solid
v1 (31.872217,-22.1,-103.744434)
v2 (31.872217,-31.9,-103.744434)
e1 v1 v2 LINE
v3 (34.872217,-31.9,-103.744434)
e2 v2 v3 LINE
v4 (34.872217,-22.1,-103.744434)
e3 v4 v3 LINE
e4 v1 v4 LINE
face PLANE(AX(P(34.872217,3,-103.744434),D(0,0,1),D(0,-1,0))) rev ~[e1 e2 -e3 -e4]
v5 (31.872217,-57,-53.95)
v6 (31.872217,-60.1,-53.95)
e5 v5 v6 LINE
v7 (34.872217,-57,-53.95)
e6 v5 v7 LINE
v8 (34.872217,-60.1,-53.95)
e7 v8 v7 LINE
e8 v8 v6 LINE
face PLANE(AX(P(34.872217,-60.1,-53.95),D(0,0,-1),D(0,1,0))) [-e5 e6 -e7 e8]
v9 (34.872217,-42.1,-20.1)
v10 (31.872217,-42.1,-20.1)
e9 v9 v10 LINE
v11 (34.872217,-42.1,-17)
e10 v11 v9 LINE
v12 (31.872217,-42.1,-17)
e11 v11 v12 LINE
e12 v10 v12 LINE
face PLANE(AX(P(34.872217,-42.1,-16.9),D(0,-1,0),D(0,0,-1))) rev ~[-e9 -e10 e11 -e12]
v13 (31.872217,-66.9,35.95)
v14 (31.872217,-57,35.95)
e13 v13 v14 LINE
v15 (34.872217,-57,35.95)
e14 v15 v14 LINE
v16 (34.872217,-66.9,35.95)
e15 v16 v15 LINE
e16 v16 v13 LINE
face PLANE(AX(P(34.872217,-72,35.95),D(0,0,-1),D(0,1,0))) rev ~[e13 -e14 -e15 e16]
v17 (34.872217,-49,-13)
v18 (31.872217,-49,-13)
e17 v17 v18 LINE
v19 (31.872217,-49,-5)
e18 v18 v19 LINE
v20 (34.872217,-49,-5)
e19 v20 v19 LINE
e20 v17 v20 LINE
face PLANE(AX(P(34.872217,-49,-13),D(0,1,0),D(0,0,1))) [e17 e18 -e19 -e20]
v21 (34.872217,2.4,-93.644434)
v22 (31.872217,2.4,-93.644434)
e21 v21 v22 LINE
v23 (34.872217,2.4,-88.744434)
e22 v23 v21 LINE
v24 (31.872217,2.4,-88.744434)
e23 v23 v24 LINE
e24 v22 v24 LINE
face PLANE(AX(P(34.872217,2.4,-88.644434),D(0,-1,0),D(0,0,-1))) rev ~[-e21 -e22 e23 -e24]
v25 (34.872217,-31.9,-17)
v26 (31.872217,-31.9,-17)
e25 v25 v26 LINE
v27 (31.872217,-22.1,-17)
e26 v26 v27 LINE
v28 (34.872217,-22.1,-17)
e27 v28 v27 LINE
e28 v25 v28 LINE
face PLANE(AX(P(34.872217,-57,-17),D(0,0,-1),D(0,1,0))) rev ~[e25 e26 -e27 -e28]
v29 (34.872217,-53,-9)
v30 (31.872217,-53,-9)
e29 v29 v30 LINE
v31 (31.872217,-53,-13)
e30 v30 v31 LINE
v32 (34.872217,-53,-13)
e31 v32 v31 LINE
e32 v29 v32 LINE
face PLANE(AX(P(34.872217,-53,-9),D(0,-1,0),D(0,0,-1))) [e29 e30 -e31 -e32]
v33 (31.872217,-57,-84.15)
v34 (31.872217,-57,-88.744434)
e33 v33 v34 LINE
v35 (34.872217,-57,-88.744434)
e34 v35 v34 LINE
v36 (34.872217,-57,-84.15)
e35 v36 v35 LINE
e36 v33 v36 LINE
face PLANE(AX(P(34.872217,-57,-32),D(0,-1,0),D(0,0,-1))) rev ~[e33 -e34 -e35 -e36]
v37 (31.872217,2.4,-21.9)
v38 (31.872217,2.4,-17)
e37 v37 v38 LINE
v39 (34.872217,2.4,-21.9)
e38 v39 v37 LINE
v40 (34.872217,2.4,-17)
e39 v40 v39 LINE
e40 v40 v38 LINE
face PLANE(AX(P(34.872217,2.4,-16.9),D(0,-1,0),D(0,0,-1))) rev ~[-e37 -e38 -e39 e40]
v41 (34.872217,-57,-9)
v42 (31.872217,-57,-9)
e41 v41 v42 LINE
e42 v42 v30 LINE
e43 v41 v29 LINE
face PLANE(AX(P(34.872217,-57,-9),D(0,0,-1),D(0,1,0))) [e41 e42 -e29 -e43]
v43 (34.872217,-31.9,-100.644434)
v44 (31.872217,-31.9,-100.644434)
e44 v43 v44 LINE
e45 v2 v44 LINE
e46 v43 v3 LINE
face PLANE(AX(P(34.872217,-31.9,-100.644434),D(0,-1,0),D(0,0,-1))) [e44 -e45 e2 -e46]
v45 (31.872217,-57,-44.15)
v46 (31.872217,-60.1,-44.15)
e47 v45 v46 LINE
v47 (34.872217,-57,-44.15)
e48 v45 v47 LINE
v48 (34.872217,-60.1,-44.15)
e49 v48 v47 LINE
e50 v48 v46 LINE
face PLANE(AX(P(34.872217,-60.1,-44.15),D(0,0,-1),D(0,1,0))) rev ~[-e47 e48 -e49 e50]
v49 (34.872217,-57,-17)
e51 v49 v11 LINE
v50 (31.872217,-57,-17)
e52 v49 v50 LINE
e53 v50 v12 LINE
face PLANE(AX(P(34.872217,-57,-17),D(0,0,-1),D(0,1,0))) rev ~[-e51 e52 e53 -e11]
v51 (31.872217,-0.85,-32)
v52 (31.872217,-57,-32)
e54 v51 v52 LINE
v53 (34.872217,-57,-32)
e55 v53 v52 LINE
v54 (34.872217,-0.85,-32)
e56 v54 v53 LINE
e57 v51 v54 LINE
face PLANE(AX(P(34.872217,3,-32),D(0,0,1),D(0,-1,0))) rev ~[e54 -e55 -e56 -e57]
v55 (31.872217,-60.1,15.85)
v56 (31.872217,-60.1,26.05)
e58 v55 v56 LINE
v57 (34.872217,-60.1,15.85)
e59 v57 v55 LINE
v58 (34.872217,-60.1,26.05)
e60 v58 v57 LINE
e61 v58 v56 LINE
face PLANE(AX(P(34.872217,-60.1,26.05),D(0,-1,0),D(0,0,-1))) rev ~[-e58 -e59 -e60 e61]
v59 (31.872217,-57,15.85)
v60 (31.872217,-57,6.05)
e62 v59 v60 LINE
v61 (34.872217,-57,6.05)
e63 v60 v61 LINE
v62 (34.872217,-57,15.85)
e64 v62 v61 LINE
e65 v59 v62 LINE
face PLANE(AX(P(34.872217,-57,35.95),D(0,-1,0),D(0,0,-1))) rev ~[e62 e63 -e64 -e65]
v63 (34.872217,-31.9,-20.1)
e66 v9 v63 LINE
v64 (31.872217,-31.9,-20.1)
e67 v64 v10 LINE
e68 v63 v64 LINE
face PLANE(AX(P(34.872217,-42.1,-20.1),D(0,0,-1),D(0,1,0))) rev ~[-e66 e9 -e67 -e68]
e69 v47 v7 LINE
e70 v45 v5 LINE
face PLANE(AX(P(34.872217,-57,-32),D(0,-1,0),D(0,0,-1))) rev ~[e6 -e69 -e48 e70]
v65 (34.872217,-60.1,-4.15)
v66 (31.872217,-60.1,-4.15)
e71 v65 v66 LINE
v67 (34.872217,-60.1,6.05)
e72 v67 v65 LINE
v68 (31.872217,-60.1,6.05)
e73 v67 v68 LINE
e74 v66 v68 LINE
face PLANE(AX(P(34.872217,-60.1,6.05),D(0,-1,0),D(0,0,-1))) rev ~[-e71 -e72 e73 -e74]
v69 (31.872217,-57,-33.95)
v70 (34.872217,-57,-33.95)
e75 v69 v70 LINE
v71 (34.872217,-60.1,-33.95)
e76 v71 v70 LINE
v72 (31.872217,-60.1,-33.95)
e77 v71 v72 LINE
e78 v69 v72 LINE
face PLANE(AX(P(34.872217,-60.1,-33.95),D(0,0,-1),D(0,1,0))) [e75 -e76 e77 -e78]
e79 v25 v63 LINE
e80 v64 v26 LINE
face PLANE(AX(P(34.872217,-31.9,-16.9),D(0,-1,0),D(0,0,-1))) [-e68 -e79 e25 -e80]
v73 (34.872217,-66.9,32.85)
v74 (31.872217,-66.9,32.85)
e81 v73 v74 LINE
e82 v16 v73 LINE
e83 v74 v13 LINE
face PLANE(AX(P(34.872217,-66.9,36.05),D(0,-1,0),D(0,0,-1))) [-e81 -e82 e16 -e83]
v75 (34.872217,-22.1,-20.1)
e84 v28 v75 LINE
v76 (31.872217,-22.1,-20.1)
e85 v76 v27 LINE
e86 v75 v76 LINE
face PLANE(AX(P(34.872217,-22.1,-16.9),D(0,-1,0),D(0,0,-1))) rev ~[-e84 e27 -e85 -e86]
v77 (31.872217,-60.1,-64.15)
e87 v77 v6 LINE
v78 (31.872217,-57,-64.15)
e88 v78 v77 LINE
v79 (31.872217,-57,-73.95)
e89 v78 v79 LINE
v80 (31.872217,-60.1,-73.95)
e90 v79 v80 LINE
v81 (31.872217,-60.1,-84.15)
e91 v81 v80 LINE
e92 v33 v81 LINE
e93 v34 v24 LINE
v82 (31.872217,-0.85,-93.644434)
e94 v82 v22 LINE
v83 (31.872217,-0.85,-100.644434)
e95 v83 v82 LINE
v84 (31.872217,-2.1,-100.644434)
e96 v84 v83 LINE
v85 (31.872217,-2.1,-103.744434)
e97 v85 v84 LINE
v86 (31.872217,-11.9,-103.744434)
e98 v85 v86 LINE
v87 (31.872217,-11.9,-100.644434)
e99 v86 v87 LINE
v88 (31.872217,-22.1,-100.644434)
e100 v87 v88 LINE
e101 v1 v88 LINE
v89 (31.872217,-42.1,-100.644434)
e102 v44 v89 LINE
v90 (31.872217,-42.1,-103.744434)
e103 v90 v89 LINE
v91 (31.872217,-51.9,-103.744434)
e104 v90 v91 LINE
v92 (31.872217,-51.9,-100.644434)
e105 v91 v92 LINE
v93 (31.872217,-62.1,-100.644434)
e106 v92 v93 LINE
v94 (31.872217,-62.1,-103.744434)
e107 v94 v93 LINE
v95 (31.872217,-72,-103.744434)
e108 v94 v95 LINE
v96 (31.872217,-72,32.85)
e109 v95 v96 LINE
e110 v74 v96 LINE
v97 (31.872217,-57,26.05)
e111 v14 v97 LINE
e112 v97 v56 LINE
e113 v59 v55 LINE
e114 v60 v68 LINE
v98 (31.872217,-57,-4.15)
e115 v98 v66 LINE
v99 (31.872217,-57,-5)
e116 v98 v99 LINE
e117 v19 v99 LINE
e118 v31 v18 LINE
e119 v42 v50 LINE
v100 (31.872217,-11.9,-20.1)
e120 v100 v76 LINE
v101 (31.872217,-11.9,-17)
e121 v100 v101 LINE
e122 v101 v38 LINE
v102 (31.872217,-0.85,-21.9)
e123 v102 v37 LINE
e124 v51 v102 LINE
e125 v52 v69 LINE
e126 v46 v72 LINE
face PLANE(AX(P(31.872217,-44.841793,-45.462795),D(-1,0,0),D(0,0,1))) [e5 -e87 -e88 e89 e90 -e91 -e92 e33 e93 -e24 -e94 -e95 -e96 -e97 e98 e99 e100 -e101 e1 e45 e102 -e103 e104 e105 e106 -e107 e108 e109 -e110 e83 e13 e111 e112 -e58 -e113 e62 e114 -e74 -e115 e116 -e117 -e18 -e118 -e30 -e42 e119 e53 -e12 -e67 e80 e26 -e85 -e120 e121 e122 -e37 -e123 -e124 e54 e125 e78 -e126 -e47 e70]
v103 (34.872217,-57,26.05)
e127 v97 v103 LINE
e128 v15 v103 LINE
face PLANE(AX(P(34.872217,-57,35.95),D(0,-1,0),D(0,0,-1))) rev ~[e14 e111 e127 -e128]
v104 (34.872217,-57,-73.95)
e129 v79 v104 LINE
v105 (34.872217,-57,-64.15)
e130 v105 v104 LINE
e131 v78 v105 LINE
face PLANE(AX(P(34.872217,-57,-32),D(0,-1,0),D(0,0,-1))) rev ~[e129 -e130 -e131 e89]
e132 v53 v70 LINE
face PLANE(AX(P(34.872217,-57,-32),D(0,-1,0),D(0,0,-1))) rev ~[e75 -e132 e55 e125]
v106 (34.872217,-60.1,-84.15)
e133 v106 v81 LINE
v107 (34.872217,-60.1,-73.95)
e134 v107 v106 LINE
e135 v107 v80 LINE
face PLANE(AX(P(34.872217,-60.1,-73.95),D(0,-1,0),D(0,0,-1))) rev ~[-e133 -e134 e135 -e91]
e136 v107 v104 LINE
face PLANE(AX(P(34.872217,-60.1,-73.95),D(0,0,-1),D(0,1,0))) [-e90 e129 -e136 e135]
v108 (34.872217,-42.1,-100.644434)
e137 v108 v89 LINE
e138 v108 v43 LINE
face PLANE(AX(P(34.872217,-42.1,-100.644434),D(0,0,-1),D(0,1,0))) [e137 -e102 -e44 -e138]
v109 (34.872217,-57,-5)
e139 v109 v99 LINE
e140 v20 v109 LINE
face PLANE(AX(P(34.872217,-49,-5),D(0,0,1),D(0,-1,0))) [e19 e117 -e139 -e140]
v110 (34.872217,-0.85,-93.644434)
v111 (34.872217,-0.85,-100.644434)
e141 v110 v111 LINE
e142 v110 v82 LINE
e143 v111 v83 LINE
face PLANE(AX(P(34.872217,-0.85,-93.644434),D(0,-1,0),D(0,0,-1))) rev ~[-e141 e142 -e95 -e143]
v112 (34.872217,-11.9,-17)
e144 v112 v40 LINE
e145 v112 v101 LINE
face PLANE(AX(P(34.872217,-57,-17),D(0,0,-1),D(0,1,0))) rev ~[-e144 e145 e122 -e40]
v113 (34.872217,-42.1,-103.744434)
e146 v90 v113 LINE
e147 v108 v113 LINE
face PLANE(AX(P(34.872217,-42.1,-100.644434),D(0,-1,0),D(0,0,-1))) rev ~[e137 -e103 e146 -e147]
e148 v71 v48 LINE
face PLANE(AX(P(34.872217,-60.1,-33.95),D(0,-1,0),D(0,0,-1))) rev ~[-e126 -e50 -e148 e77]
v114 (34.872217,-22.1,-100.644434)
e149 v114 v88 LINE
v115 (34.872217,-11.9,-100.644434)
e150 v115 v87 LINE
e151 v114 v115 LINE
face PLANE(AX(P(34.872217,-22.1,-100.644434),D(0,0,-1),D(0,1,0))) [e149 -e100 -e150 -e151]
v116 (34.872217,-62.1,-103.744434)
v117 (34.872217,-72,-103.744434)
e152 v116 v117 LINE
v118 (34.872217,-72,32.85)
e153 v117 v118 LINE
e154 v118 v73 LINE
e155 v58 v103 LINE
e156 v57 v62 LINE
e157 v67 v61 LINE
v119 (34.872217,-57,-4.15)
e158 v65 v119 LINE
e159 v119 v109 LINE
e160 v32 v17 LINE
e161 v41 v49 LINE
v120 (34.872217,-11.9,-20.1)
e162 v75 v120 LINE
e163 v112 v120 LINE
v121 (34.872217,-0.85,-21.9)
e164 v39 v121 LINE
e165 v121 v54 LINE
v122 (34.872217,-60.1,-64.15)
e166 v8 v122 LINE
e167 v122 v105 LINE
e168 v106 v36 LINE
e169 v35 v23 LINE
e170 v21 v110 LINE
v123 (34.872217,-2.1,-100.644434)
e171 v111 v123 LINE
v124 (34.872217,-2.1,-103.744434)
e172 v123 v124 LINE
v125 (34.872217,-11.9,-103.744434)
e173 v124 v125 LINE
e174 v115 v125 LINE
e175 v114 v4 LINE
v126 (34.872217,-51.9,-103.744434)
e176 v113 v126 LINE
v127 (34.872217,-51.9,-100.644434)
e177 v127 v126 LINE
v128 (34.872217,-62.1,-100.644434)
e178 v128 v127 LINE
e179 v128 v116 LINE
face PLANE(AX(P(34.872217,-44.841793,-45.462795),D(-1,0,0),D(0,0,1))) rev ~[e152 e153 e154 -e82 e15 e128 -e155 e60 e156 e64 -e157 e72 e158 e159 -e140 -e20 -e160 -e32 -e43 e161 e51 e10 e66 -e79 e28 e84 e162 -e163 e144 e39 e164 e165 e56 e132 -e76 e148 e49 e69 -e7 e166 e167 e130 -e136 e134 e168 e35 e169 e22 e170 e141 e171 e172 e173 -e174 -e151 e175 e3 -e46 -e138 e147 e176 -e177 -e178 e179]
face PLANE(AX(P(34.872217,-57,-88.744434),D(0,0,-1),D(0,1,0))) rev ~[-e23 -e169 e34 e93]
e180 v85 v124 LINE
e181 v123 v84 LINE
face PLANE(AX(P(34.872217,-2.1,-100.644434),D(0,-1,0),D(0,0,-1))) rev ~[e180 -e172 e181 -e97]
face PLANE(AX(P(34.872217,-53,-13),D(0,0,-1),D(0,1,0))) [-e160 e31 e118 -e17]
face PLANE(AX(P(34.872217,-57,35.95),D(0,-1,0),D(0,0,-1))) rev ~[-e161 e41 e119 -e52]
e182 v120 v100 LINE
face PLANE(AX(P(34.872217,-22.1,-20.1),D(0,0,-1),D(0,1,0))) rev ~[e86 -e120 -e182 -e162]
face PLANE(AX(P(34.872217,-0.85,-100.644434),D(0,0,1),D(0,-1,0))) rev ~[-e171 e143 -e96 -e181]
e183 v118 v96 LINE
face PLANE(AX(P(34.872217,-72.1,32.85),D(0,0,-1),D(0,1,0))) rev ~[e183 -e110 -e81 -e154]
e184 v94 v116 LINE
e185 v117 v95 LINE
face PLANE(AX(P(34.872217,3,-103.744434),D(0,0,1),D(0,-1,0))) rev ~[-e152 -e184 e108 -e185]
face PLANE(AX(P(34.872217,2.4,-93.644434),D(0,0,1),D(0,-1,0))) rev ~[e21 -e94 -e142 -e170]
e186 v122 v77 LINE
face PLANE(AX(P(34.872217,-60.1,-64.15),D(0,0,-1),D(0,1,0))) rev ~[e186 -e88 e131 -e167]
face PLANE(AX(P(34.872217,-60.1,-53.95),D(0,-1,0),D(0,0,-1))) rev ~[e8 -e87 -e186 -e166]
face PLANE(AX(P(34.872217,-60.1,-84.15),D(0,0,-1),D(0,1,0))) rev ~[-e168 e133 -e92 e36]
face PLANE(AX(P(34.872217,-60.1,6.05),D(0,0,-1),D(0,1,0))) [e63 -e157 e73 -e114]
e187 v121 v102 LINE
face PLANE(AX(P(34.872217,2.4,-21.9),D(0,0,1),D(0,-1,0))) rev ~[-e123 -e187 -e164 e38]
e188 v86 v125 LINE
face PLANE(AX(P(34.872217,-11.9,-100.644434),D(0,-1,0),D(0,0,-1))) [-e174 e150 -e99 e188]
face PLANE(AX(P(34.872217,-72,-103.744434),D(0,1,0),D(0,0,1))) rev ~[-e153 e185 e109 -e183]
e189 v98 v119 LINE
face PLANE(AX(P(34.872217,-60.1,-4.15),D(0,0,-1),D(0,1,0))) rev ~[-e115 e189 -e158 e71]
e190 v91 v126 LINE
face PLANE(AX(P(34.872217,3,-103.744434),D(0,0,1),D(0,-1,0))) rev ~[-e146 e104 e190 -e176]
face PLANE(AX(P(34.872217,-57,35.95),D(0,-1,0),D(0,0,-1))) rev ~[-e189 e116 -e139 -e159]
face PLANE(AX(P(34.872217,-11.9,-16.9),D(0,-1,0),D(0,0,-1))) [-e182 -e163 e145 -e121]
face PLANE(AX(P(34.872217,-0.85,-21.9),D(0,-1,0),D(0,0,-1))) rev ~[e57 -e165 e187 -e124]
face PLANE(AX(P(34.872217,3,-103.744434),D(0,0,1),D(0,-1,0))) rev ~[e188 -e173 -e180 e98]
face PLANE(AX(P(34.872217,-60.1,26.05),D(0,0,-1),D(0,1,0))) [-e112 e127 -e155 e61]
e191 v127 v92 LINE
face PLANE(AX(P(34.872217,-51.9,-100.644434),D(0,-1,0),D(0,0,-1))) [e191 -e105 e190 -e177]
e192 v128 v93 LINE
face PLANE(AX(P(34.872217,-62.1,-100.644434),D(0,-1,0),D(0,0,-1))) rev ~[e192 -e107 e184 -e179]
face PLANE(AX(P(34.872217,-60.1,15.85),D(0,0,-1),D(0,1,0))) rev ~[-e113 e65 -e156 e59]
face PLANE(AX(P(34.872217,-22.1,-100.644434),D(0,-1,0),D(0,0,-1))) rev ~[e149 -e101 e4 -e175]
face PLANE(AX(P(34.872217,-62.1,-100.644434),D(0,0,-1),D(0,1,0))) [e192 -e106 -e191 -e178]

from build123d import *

# Parameters (mm, degrees)
BOSS_EXTRUDE1_DEPTH = 3
SKETCH6_W           = 3.2
SKETCH6_H           = 10.2
SKETCH6_H_2         = 5.2
SKETCH6_W_2         = 10.2
SKETCH6_H_3         = 3.2
CUT_EXTRUDE1_DEPTH  = 4
BOSS_EXTRUDE2_DEPTH = 3


with BuildPart() as part:
    # Sketch2 → Boss-Extrude1 (new body)
    with BuildSketch(Plane(origin=(34.872217102, 0, 0), x_dir=(0, 0, -1), z_dir=(1, 0, 0))):
        Polygon((103.744434203, 3), (103.744434203, -72), (-35.95, -72), (-35.95, -57), (17, -57), (17, 3), (32, 3), (32, -57), (88.744434203, -57), (88.744434203, 3), align=None)
    extrude(amount=-BOSS_EXTRUDE1_DEPTH)

    # Sketch6 → Cut-Extrude1 (cut, through all)
    with BuildSketch(Plane(origin=(34.872217102, 0, 0), x_dir=(0, 0, -1), z_dir=(1, 0, 0))):
        with Locations((102.244434203, -37)):
            Rectangle(SKETCH6_W, SKETCH6_H)
        with Locations((102.244434203, -57)):
            Rectangle(SKETCH6_W, SKETCH6_H)
        with Locations((102.244434203, -17)):
            Rectangle(SKETCH6_W, SKETCH6_H)
        with Locations((-34.45, -69.5)):
            Rectangle(SKETCH6_W, SKETCH6_H_2)
        with Locations((-20.95, -58.5)):
            Rectangle(SKETCH6_W_2, SKETCH6_H_3)
        with Locations((39.05, -58.5)):
            Rectangle(SKETCH6_W_2, SKETCH6_H_3)
        with Locations((-0.95, -58.5)):
            Rectangle(SKETCH6_W_2, SKETCH6_H_3)
        with Locations((18.5, -17)):
            Rectangle(SKETCH6_W, SKETCH6_H)
        with Locations((79.05, -58.5)):
            Rectangle(SKETCH6_W_2, SKETCH6_H_3)
        with Locations((59.05, -58.5)):
            Rectangle(SKETCH6_W_2, SKETCH6_H_3)
        Polygon((16.9, 2.4), (21.9, 2.4), (21.9, -0.85), (32.1, -0.85), (32.1, 3.1), (16.9, 3.1), align=None)
        Polygon((93.644434203, -0.85), (100.644434203, -0.85), (100.644434203, -2.1), (103.844434203, -2.1), (103.844434203, 3.1), (88.644434203, 3.1), (88.644434203, 2.4), (93.644434203, 2.4), align=None)
        with Locations((18.5, -37)):
            Rectangle(SKETCH6_W, SKETCH6_H)
    extrude(amount=-CUT_EXTRUDE1_DEPTH, mode=Mode.SUBTRACT)

    # Sketch8 → Boss-Extrude2 (add)
    with BuildSketch(Plane(origin=(34.872217102, 0, 0), x_dir=(0, 0, -1), z_dir=(1, 0, 0))):
        Polygon((13, -53), (13, -49), (5, -49), (5, -57), (9, -57), (9, -53), align=None)
    extrude(amount=-BOSS_EXTRUDE2_DEPTH)


solid = part.part
